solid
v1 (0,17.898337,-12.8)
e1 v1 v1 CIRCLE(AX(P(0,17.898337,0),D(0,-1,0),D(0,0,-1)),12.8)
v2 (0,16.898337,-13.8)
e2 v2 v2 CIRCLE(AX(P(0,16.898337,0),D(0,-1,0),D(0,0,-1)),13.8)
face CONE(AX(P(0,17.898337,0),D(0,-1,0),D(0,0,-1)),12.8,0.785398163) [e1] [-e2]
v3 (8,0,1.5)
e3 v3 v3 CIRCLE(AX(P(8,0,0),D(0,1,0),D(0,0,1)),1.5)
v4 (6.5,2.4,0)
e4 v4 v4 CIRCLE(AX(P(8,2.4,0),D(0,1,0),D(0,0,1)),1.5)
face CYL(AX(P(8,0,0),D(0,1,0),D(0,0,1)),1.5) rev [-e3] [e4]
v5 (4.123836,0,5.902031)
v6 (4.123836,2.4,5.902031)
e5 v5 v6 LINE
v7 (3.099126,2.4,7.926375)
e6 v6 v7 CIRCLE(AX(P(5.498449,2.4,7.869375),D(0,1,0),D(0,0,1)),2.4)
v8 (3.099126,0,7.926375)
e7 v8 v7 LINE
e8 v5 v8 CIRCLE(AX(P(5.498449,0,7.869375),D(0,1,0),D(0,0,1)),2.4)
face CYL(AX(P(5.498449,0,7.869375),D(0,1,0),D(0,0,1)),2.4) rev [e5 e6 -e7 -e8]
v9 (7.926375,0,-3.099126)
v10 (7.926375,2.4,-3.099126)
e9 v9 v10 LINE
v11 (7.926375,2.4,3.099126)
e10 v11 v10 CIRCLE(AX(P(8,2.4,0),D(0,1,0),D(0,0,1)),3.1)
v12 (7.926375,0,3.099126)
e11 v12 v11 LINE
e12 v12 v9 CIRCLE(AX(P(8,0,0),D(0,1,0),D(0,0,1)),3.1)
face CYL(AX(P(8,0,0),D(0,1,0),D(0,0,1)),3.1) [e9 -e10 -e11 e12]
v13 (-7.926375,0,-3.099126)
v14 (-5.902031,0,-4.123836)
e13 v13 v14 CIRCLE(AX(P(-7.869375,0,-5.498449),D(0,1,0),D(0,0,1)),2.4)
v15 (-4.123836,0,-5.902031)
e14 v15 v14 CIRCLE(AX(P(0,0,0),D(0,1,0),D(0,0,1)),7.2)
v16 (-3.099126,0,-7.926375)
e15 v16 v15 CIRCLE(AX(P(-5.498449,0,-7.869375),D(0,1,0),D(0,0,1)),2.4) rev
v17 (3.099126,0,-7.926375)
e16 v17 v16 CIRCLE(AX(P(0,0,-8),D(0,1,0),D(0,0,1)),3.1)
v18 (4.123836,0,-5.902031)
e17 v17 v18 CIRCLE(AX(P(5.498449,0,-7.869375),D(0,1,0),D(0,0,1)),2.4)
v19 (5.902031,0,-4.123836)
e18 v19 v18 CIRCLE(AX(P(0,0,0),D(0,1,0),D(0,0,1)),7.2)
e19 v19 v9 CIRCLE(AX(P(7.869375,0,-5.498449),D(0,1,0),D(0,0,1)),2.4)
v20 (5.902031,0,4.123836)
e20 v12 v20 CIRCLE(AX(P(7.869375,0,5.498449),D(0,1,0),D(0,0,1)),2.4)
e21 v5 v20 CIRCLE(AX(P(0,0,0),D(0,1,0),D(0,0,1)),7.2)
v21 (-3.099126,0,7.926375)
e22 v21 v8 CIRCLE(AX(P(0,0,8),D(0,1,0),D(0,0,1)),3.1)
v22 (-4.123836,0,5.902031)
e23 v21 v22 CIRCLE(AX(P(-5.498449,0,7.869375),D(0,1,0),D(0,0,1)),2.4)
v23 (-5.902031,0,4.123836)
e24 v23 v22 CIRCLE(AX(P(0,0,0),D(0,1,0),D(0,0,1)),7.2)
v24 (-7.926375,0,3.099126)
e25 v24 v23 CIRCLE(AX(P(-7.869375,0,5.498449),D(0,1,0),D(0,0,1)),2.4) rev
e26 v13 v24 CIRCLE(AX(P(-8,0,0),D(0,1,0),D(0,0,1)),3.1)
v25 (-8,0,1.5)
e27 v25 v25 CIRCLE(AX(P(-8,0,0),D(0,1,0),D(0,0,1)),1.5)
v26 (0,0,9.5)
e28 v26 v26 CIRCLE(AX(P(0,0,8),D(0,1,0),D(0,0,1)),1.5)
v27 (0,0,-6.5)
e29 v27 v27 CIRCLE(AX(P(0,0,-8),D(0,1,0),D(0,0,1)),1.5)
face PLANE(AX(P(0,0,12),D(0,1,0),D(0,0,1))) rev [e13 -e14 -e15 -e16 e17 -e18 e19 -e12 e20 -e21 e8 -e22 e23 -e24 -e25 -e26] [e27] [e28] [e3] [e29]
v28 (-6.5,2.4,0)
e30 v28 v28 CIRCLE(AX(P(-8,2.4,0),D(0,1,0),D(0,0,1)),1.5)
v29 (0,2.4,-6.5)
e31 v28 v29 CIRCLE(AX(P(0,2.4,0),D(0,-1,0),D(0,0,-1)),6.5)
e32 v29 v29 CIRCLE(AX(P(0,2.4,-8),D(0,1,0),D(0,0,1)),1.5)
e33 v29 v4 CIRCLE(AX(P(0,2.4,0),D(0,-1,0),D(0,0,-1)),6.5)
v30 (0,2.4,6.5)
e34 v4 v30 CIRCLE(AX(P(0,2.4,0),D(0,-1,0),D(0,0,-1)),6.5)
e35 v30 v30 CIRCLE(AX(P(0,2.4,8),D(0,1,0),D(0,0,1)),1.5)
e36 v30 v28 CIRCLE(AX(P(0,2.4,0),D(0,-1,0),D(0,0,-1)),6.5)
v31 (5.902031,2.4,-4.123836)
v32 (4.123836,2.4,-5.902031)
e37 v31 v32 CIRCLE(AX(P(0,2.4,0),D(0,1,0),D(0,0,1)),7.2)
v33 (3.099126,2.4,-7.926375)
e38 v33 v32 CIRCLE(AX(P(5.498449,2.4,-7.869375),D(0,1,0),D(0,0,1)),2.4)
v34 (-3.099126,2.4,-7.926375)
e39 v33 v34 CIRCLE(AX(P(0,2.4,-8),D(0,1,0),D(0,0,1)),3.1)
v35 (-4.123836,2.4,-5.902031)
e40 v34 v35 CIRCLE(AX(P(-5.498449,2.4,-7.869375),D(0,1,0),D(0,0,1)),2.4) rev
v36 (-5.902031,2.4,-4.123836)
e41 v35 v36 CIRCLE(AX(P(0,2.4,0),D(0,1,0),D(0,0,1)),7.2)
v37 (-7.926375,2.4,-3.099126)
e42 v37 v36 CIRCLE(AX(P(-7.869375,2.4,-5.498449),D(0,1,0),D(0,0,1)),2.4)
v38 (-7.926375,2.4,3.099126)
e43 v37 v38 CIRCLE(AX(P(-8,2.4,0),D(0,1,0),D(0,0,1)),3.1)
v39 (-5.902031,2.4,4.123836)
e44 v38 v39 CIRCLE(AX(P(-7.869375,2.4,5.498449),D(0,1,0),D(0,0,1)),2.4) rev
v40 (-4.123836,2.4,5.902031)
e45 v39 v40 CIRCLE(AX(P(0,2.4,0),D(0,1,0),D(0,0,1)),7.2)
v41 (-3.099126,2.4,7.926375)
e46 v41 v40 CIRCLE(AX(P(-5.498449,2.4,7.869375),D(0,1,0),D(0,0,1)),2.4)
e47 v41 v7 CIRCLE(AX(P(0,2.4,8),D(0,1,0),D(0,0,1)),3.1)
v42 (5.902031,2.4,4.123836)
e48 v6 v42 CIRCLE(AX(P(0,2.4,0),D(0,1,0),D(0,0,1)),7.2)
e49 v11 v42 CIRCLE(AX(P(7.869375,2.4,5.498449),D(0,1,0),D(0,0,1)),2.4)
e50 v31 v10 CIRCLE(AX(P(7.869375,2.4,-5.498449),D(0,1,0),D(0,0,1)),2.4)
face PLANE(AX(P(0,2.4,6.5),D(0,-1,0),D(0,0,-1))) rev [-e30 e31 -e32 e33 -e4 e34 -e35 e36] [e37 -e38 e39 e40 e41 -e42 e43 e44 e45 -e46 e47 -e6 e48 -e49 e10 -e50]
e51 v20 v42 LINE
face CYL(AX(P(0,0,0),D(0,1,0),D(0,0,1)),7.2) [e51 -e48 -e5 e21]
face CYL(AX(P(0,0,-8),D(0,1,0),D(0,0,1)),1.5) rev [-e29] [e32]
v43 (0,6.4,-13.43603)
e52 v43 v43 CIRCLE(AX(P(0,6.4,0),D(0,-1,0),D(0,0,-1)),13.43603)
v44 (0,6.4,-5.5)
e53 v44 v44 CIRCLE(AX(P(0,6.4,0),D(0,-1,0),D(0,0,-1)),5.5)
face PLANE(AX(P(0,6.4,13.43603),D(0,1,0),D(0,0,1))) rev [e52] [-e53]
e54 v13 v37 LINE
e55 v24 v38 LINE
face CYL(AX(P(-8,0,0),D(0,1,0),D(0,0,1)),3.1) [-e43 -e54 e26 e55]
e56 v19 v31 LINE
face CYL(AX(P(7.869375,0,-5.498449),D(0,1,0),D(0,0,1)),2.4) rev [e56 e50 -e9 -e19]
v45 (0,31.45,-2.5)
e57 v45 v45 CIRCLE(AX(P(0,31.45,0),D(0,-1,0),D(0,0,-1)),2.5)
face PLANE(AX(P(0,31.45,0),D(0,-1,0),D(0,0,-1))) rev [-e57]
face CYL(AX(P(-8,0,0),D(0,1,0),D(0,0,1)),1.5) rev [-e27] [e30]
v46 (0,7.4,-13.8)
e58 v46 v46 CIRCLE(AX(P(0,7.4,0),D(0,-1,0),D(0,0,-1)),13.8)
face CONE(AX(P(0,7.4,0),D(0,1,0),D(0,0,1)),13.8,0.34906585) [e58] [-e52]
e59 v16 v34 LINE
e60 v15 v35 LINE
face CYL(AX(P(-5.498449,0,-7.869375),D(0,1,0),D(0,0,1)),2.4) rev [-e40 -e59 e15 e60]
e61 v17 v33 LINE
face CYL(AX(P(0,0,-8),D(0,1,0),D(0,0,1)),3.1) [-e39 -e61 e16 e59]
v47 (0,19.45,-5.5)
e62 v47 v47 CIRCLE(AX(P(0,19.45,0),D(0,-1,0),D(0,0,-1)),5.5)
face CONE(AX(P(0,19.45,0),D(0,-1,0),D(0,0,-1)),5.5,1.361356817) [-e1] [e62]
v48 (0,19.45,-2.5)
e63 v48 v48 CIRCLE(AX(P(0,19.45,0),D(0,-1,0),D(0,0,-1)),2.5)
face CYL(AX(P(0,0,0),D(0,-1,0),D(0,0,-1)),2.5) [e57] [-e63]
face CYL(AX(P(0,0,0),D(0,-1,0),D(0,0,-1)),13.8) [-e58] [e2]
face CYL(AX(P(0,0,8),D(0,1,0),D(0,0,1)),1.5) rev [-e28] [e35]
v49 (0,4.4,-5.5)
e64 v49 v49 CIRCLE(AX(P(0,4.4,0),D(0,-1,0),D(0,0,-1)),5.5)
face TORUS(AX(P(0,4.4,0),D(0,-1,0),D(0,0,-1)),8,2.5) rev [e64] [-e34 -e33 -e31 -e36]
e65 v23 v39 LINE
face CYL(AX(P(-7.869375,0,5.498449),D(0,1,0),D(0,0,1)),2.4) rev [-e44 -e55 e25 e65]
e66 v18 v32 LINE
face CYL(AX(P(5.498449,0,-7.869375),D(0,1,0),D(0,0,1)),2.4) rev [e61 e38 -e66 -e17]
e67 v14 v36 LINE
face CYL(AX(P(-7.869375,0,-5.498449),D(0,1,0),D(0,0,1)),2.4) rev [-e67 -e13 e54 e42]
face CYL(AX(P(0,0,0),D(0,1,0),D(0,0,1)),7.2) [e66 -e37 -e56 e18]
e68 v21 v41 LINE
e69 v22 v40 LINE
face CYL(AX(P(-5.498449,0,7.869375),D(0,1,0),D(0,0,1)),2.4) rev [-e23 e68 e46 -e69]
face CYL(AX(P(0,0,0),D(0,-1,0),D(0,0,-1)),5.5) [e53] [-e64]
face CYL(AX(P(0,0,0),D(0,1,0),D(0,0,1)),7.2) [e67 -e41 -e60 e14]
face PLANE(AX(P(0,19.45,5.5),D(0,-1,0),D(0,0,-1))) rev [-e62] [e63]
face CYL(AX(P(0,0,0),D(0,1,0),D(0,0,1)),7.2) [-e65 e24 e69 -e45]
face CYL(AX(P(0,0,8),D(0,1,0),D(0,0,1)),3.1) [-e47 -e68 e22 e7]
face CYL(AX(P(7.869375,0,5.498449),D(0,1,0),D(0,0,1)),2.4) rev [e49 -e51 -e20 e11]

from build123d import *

# Parameters (mm, degrees)
SKETCH2_R          = 12
SKETCH2_R_2        = 1.5
CUT_EXTRUDE1_DEPTH = 35.996892719


with BuildPart() as part:
    # Sketch1 → Revolve1 (revolve)
    with BuildSketch(Plane(origin=(0, 0, 0), x_dir=(0, 0, -1), z_dir=(1, 0, 0))):
        with BuildLine():
            Line((0, 0), (0, 31.45))
            Line((0, 31.45), (-2.5, 31.45))
            Line((-2.5, 31.45), (-2.5, 19.45))
            Line((-2.5, 19.45), (-5.5, 19.45))
            Line((-5.5, 19.45), (-12.8, 17.8983371))
            Line((-12.8, 17.8983371), (-13.8, 16.8983371))
            Line((-13.8, 16.8983371), (-13.8, 7.4))
            Line((-13.8, 7.4), (-13.436029766, 6.4))
            Line((-13.436029766, 6.4), (-5.5, 6.4))
            Line((-5.5, 6.4), (-5.5, 4.4))
            ThreePointArc((-5.5, 4.4), (-5.763932023, 3.281966011), (-6.5, 2.4))
            Line((-6.5, 2.4), (-12, 2.4))
            Line((-12, 2.4), (-12, 0))
            Line((-12, 0), (0, 0))
        make_face()
    revolve(axis=Axis((0, 0, 0), (0, 1, 0)))

    # Sketch2 → Cut-Extrude1 (cut, through all)
    # profile 1 of 5: a face of its own
    with BuildSketch(Plane(origin=(0, 2.4, 0), x_dir=(1, 0, 0), z_dir=(0, 1, 0))):
        Circle(SKETCH2_R)
        with BuildLine():
            ThreePointArc((3.09912558, -7.926375), (0, -11.1), (-3.09912558, -7.926375))
            ThreePointArc((-3.09912558, -7.926375), (-3.357154936, -6.785464761), (-4.123836457, -5.90203125))
            ThreePointArc((-4.123836457, -5.90203125), (-5.091168825, -5.091168825), (-5.90203125, -4.123836457))
            ThreePointArc((-5.90203125, -4.123836457), (-6.785464761, -3.357154936), (-7.926375, -3.09912558))
            ThreePointArc((-7.926375, -3.09912558), (-11.1, 0), (-7.926375, 3.09912558))
            ThreePointArc((-7.926375, 3.09912558), (-6.785464761, 3.357154936), (-5.90203125, 4.123836457))
            ThreePointArc((-5.90203125, 4.123836457), (-5.091168825, 5.091168825), (-4.123836457, 5.90203125))
            ThreePointArc((-4.123836457, 5.90203125), (-3.357154936, 6.785464761), (-3.09912558, 7.926375))
            ThreePointArc((-3.09912558, 7.926375), (0, 11.1), (3.09912558, 7.926375))
            ThreePointArc((3.09912558, 7.926375), (3.357154936, 6.785464761), (4.123836457, 5.90203125))
            ThreePointArc((4.123836457, 5.90203125), (5.091168825, 5.091168825), (5.90203125, 4.123836457))
            ThreePointArc((5.90203125, 4.123836457), (6.785464761, 3.357154936), (7.926375, 3.09912558))
            ThreePointArc((7.926375, 3.09912558), (11.1, 0), (7.926375, -3.09912558))
            ThreePointArc((7.926375, -3.09912558), (6.785464761, -3.357154936), (5.90203125, -4.123836457))
            ThreePointArc((5.90203125, -4.123836457), (5.091168825, -5.091168825), (4.123836457, -5.90203125))
            ThreePointArc((4.123836457, -5.90203125), (3.357154936, -6.785464761), (3.09912558, -7.926375))
        make_face(mode=Mode.SUBTRACT)
    # profile 2 of 5: a face of its own
    with BuildSketch(Plane(origin=(0, 2.4, 0), x_dir=(1, 0, 0), z_dir=(0, 1, 0))):
        with Locations((8, 0)):
            Circle(SKETCH2_R_2)
    # profile 3 of 5: a face of its own
    with BuildSketch(Plane(origin=(0, 2.4, 0), x_dir=(1, 0, 0), z_dir=(0, 1, 0))):
        with Locations((0, 8)):
            Circle(SKETCH2_R_2)
    # profile 4 of 5: a face of its own
    with BuildSketch(Plane(origin=(0, 2.4, 0), x_dir=(1, 0, 0), z_dir=(0, 1, 0))):
        with Locations((-8, 0)):
            Circle(SKETCH2_R_2)
    # profile 5 of 5: a face of its own
    with BuildSketch(Plane(origin=(0, 2.4, 0), x_dir=(1, 0, 0), z_dir=(0, 1, 0))):
        with Locations((0, -8)):
            Circle(SKETCH2_R_2)
    extrude(amount=-CUT_EXTRUDE1_DEPTH, mode=Mode.SUBTRACT)


solid = part.part
